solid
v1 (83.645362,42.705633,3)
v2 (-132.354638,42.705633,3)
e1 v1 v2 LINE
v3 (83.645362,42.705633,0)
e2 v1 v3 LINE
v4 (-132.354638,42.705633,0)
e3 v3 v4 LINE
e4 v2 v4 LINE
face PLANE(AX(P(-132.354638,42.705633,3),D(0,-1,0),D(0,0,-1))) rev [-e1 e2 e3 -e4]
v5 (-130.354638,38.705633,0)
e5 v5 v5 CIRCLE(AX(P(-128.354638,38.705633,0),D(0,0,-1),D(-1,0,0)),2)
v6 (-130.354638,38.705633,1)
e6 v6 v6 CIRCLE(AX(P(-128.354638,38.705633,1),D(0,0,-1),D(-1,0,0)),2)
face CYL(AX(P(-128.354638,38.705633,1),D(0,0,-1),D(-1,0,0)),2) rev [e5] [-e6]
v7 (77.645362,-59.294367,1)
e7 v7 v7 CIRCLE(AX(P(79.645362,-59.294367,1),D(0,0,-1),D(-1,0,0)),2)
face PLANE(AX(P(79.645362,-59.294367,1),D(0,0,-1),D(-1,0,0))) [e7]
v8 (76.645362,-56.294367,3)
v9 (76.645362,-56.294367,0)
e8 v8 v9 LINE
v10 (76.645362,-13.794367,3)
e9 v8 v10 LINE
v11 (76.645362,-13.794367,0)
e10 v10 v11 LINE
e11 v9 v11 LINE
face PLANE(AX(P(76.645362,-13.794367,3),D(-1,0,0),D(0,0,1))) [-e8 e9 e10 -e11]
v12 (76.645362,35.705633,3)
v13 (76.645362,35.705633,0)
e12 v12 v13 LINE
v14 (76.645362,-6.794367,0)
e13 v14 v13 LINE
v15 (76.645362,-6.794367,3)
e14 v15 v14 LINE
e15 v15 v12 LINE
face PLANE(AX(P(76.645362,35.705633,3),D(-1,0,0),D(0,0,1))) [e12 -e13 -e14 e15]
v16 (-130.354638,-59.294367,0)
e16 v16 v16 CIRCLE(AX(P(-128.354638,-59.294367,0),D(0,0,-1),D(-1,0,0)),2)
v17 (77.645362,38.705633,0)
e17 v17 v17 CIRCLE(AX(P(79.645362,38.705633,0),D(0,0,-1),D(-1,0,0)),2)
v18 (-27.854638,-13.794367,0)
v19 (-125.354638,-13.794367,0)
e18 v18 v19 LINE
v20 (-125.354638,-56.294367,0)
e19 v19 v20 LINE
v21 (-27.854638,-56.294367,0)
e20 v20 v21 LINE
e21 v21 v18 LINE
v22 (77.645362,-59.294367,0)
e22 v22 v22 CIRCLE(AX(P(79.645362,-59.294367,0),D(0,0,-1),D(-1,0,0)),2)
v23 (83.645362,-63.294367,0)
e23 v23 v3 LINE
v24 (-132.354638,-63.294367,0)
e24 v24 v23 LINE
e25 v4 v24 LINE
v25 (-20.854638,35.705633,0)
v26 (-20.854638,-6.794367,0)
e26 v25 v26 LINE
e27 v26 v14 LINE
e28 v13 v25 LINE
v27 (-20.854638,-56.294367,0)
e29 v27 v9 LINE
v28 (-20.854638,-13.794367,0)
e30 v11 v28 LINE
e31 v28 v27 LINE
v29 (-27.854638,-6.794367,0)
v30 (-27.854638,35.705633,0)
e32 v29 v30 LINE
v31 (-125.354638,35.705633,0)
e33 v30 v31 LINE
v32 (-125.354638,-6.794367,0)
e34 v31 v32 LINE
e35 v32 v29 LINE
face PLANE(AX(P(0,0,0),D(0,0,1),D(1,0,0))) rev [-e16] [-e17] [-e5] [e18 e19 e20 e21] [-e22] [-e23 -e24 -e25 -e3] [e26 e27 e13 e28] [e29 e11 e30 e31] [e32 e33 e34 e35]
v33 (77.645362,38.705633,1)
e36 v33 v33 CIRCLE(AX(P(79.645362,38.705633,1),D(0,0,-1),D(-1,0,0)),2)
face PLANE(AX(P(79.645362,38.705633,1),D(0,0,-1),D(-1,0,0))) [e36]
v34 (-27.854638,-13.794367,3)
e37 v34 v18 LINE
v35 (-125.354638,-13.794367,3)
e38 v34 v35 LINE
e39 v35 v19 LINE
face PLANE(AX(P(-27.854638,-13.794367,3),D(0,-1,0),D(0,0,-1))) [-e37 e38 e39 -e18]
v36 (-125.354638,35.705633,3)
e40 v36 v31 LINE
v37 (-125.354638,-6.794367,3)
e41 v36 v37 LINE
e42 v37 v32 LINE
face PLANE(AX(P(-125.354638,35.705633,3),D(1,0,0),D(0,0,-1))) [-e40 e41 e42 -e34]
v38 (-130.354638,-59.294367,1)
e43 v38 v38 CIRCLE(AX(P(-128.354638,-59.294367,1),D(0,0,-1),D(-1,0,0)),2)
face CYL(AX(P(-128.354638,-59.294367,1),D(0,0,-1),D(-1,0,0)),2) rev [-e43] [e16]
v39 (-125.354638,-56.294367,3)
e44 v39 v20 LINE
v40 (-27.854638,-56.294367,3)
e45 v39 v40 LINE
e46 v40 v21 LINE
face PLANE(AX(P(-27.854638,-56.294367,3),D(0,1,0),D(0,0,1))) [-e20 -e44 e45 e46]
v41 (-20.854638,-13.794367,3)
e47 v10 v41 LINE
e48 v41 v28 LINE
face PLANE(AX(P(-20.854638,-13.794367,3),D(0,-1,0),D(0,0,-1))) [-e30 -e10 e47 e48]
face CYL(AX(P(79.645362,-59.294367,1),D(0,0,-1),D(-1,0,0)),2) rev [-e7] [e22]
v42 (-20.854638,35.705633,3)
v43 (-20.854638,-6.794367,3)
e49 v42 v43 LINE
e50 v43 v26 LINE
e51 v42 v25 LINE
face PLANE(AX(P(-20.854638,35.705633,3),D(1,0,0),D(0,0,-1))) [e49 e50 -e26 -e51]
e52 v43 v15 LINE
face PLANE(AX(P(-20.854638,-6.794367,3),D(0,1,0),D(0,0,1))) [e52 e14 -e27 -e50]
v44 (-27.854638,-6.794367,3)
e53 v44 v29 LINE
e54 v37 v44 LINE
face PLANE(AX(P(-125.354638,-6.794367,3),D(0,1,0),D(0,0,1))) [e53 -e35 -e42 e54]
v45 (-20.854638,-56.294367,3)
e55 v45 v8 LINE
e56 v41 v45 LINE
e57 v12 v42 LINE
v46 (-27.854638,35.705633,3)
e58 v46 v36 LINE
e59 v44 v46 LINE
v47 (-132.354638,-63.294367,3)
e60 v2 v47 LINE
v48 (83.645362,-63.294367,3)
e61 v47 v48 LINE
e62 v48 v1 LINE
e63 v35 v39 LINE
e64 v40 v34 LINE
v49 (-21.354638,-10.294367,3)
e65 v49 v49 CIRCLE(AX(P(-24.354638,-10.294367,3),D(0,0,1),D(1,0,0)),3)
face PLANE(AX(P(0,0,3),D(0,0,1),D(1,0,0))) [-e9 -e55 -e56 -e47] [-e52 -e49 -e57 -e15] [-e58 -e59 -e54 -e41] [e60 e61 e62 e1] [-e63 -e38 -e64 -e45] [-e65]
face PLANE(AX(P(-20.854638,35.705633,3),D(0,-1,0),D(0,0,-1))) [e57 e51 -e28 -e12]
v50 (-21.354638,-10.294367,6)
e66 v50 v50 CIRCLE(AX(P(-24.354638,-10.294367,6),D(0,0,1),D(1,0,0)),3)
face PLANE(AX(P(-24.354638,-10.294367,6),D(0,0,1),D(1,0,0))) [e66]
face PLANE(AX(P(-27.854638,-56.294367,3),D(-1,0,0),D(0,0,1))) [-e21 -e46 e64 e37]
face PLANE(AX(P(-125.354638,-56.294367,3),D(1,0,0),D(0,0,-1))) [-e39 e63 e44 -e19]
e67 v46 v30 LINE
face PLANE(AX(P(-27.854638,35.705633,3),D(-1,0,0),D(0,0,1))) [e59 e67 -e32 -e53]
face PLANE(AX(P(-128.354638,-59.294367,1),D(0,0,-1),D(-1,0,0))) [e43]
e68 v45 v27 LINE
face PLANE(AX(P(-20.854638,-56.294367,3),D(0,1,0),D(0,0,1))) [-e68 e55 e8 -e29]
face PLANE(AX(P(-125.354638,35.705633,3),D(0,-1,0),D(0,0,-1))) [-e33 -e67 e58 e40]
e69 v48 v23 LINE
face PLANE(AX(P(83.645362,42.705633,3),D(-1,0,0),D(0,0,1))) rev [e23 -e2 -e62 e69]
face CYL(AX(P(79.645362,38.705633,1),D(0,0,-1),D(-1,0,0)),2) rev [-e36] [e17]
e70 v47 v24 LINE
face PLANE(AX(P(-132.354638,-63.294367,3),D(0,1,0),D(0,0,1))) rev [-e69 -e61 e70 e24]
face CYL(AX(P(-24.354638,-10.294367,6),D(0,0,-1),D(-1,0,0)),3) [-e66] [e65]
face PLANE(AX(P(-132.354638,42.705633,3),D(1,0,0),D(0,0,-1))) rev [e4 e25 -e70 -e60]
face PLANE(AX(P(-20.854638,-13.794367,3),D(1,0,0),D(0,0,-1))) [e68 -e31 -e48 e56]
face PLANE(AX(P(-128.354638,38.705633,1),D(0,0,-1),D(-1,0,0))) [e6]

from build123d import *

# Parameters (mm, degrees)
ESBO_O1_W                = 216
ESBO_O1_H                = 106
ESBO_O1_W_2              = 97.5
ESBO_O1_H_2              = 42.5
RESSALTO_EXTRUS_O1_DEPTH = 3
ESBO_O2_R                = 3
RESSALTO_EXTRUS_O2_DEPTH = 3
ESBO_O3_R                = 2
CORTE_EXTRUS_O1_DEPTH    = 1


with BuildPart() as part:
    # Esboço1 → Ressalto-extrusão1 (new body)
    with BuildSketch(Plane.XY):
        with Locations((-24.354637835, -10.294366601)):
            Rectangle(ESBO_O1_W, ESBO_O1_H)
        with Locations((-76.604637835, 14.455633399)):
            Rectangle(ESBO_O1_W_2, ESBO_O1_H_2, mode=Mode.SUBTRACT)
        with Locations((27.895362165, 14.455633399)):
            Rectangle(ESBO_O1_W_2, ESBO_O1_H_2, mode=Mode.SUBTRACT)
        with Locations((27.895362165, -35.044366601)):
            Rectangle(ESBO_O1_W_2, ESBO_O1_H_2, mode=Mode.SUBTRACT)
        with Locations((-76.604637835, -35.044366601)):
            Rectangle(ESBO_O1_W_2, ESBO_O1_H_2, mode=Mode.SUBTRACT)
    extrude(amount=RESSALTO_EXTRUS_O1_DEPTH)

    # Esboço2 → Ressalto-extrusão2 (add)
    with BuildSketch(Plane.XY.offset(3)):
        with Locations((-24.354637835, -10.294366601)):
            Circle(ESBO_O2_R)
    extrude(amount=RESSALTO_EXTRUS_O2_DEPTH)

    # Esboço3 → Corte-extrusão1 (cut)
    with BuildSketch(Plane(origin=(0, 0, 0), x_dir=(-1, 0, 0), z_dir=(0, 0, -1))):
        with Locations((-79.645362165, 38.705633399)):
            Circle(ESBO_O3_R)
        with Locations((128.354637835, 38.705633399)):
            Circle(ESBO_O3_R)
        with Locations((-79.645362165, -59.294366601)):
            Circle(ESBO_O3_R)
        with Locations((128.354637835, -59.294366601)):
            Circle(ESBO_O3_R)
    extrude(amount=-CORTE_EXTRUS_O1_DEPTH, mode=Mode.SUBTRACT)


solid = part.part
